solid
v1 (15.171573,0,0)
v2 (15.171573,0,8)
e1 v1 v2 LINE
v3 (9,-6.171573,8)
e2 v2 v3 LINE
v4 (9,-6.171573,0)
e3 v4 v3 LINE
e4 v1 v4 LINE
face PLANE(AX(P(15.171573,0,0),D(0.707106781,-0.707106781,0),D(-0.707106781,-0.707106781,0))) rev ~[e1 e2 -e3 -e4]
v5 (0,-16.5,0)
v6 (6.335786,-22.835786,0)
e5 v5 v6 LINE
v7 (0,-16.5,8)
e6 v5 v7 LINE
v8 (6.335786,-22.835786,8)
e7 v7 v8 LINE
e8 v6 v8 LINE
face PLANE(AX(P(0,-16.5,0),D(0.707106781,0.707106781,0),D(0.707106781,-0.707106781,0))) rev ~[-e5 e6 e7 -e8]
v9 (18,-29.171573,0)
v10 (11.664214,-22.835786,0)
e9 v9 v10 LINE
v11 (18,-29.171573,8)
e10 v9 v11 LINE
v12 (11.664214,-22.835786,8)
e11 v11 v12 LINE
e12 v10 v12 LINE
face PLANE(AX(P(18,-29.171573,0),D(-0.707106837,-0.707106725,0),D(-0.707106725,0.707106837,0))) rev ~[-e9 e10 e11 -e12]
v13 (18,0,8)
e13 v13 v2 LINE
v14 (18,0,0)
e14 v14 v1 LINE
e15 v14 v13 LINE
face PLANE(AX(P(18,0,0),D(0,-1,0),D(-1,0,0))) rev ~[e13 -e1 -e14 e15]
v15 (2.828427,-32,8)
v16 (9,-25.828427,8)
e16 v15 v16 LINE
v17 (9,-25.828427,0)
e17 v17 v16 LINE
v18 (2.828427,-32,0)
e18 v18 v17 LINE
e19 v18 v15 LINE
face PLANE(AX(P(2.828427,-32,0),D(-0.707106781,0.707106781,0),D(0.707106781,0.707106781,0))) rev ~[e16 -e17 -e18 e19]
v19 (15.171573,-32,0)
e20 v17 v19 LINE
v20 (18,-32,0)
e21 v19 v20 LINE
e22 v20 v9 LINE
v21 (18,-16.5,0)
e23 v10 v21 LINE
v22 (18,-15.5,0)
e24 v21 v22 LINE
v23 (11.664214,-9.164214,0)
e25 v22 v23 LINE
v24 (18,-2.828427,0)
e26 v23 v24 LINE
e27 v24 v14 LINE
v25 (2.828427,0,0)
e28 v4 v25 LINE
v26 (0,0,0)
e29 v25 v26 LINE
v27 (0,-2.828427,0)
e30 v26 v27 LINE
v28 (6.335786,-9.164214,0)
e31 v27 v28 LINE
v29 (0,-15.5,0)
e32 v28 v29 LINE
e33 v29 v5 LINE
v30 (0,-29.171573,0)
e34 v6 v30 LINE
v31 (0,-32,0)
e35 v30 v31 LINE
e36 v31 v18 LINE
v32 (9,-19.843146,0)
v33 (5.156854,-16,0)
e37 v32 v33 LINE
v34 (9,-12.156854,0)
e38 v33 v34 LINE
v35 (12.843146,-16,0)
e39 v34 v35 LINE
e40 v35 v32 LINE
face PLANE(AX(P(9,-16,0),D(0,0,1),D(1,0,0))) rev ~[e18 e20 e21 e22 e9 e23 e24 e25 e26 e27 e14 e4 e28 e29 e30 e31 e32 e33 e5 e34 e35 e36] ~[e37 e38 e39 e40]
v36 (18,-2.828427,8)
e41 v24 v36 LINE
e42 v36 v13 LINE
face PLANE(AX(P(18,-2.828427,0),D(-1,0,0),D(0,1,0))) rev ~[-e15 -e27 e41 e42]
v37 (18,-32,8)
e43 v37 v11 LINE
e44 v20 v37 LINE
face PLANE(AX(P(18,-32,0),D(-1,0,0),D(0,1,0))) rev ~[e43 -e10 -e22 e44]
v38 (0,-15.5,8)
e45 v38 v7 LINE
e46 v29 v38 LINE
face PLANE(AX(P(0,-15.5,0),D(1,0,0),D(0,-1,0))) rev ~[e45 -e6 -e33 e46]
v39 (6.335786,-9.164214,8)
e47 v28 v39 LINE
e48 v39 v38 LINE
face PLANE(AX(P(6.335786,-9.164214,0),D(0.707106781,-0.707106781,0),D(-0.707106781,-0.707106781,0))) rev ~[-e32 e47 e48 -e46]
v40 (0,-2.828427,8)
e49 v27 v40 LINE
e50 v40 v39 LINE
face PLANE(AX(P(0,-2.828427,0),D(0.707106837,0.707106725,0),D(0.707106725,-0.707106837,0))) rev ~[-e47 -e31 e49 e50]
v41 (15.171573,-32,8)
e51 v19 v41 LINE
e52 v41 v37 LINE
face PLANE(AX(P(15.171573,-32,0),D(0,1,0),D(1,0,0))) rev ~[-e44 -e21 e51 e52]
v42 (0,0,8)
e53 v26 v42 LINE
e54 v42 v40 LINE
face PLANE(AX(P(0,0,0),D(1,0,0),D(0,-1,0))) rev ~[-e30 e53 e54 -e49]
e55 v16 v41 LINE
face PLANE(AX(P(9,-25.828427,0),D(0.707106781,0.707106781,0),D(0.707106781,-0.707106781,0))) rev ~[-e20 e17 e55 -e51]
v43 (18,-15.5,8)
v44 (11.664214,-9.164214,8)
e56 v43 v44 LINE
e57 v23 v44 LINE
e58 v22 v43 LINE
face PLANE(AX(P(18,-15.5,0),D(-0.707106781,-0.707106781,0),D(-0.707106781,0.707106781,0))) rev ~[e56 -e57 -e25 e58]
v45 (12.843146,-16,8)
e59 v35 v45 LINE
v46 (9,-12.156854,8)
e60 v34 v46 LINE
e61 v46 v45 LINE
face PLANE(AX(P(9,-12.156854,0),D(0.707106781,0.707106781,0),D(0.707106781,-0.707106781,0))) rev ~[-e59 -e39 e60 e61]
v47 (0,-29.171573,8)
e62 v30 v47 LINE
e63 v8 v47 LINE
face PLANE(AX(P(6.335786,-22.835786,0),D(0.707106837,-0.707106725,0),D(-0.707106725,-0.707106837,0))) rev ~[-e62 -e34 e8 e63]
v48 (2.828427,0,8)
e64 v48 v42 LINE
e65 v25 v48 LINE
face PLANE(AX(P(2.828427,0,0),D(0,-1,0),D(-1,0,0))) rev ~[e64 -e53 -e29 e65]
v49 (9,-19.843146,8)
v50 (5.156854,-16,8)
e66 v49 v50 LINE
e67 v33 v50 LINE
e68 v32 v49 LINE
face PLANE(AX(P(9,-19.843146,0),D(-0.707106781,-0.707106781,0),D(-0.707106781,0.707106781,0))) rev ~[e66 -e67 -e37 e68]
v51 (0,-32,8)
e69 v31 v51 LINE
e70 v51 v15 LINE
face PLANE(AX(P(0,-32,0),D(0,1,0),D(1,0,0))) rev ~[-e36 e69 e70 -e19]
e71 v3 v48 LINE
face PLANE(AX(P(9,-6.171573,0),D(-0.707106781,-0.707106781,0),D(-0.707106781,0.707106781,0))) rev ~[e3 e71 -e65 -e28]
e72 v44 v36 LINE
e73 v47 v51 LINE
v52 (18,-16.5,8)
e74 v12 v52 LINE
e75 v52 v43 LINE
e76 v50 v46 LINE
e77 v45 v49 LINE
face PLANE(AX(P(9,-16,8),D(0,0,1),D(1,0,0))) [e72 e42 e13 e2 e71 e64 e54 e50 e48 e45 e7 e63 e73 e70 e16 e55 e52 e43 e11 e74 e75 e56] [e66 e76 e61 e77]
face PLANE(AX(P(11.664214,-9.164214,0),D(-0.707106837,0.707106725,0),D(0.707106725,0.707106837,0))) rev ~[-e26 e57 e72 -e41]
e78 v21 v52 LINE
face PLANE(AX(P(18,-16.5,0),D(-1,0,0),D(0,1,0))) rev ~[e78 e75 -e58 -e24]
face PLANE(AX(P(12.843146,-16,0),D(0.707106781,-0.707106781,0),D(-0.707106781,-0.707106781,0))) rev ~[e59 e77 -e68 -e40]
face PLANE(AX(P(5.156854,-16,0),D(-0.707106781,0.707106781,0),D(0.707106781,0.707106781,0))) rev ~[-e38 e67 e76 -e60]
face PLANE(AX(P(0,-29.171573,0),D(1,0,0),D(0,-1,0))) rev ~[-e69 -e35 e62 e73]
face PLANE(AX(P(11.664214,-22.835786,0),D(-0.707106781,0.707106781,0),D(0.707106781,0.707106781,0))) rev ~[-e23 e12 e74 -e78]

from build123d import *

# Parameters (mm, degrees)
F1_DEPTH = 8


with BuildPart() as f1:
    # F0 (on Top) → F1 (new body)
    with BuildSketch(Plane.XY):
        Polygon((2.828427, 0), (0, 0), (0, -2.828427), (6.335786, -9.164214), (0, -15.5), (0, -16.5), (6.335786, -22.835786), (0, -29.171573), (0, -32), (2.828427, -32), (9, -25.828427), (15.171573, -32), (18, -32), (18, -29.171573), (11.664214, -22.835786), (18, -16.5), (18, -15.5), (11.664214, -9.164214), (18, -2.828427), (18, 0), (15.171573, 0), (9, -6.171573), align=None)
        Polygon((5.156854, -16), (9, -12.156854), (12.843146, -16), (9, -19.843146), align=None, mode=Mode.SUBTRACT)
    extrude(amount=F1_DEPTH)


solid = f1.part
